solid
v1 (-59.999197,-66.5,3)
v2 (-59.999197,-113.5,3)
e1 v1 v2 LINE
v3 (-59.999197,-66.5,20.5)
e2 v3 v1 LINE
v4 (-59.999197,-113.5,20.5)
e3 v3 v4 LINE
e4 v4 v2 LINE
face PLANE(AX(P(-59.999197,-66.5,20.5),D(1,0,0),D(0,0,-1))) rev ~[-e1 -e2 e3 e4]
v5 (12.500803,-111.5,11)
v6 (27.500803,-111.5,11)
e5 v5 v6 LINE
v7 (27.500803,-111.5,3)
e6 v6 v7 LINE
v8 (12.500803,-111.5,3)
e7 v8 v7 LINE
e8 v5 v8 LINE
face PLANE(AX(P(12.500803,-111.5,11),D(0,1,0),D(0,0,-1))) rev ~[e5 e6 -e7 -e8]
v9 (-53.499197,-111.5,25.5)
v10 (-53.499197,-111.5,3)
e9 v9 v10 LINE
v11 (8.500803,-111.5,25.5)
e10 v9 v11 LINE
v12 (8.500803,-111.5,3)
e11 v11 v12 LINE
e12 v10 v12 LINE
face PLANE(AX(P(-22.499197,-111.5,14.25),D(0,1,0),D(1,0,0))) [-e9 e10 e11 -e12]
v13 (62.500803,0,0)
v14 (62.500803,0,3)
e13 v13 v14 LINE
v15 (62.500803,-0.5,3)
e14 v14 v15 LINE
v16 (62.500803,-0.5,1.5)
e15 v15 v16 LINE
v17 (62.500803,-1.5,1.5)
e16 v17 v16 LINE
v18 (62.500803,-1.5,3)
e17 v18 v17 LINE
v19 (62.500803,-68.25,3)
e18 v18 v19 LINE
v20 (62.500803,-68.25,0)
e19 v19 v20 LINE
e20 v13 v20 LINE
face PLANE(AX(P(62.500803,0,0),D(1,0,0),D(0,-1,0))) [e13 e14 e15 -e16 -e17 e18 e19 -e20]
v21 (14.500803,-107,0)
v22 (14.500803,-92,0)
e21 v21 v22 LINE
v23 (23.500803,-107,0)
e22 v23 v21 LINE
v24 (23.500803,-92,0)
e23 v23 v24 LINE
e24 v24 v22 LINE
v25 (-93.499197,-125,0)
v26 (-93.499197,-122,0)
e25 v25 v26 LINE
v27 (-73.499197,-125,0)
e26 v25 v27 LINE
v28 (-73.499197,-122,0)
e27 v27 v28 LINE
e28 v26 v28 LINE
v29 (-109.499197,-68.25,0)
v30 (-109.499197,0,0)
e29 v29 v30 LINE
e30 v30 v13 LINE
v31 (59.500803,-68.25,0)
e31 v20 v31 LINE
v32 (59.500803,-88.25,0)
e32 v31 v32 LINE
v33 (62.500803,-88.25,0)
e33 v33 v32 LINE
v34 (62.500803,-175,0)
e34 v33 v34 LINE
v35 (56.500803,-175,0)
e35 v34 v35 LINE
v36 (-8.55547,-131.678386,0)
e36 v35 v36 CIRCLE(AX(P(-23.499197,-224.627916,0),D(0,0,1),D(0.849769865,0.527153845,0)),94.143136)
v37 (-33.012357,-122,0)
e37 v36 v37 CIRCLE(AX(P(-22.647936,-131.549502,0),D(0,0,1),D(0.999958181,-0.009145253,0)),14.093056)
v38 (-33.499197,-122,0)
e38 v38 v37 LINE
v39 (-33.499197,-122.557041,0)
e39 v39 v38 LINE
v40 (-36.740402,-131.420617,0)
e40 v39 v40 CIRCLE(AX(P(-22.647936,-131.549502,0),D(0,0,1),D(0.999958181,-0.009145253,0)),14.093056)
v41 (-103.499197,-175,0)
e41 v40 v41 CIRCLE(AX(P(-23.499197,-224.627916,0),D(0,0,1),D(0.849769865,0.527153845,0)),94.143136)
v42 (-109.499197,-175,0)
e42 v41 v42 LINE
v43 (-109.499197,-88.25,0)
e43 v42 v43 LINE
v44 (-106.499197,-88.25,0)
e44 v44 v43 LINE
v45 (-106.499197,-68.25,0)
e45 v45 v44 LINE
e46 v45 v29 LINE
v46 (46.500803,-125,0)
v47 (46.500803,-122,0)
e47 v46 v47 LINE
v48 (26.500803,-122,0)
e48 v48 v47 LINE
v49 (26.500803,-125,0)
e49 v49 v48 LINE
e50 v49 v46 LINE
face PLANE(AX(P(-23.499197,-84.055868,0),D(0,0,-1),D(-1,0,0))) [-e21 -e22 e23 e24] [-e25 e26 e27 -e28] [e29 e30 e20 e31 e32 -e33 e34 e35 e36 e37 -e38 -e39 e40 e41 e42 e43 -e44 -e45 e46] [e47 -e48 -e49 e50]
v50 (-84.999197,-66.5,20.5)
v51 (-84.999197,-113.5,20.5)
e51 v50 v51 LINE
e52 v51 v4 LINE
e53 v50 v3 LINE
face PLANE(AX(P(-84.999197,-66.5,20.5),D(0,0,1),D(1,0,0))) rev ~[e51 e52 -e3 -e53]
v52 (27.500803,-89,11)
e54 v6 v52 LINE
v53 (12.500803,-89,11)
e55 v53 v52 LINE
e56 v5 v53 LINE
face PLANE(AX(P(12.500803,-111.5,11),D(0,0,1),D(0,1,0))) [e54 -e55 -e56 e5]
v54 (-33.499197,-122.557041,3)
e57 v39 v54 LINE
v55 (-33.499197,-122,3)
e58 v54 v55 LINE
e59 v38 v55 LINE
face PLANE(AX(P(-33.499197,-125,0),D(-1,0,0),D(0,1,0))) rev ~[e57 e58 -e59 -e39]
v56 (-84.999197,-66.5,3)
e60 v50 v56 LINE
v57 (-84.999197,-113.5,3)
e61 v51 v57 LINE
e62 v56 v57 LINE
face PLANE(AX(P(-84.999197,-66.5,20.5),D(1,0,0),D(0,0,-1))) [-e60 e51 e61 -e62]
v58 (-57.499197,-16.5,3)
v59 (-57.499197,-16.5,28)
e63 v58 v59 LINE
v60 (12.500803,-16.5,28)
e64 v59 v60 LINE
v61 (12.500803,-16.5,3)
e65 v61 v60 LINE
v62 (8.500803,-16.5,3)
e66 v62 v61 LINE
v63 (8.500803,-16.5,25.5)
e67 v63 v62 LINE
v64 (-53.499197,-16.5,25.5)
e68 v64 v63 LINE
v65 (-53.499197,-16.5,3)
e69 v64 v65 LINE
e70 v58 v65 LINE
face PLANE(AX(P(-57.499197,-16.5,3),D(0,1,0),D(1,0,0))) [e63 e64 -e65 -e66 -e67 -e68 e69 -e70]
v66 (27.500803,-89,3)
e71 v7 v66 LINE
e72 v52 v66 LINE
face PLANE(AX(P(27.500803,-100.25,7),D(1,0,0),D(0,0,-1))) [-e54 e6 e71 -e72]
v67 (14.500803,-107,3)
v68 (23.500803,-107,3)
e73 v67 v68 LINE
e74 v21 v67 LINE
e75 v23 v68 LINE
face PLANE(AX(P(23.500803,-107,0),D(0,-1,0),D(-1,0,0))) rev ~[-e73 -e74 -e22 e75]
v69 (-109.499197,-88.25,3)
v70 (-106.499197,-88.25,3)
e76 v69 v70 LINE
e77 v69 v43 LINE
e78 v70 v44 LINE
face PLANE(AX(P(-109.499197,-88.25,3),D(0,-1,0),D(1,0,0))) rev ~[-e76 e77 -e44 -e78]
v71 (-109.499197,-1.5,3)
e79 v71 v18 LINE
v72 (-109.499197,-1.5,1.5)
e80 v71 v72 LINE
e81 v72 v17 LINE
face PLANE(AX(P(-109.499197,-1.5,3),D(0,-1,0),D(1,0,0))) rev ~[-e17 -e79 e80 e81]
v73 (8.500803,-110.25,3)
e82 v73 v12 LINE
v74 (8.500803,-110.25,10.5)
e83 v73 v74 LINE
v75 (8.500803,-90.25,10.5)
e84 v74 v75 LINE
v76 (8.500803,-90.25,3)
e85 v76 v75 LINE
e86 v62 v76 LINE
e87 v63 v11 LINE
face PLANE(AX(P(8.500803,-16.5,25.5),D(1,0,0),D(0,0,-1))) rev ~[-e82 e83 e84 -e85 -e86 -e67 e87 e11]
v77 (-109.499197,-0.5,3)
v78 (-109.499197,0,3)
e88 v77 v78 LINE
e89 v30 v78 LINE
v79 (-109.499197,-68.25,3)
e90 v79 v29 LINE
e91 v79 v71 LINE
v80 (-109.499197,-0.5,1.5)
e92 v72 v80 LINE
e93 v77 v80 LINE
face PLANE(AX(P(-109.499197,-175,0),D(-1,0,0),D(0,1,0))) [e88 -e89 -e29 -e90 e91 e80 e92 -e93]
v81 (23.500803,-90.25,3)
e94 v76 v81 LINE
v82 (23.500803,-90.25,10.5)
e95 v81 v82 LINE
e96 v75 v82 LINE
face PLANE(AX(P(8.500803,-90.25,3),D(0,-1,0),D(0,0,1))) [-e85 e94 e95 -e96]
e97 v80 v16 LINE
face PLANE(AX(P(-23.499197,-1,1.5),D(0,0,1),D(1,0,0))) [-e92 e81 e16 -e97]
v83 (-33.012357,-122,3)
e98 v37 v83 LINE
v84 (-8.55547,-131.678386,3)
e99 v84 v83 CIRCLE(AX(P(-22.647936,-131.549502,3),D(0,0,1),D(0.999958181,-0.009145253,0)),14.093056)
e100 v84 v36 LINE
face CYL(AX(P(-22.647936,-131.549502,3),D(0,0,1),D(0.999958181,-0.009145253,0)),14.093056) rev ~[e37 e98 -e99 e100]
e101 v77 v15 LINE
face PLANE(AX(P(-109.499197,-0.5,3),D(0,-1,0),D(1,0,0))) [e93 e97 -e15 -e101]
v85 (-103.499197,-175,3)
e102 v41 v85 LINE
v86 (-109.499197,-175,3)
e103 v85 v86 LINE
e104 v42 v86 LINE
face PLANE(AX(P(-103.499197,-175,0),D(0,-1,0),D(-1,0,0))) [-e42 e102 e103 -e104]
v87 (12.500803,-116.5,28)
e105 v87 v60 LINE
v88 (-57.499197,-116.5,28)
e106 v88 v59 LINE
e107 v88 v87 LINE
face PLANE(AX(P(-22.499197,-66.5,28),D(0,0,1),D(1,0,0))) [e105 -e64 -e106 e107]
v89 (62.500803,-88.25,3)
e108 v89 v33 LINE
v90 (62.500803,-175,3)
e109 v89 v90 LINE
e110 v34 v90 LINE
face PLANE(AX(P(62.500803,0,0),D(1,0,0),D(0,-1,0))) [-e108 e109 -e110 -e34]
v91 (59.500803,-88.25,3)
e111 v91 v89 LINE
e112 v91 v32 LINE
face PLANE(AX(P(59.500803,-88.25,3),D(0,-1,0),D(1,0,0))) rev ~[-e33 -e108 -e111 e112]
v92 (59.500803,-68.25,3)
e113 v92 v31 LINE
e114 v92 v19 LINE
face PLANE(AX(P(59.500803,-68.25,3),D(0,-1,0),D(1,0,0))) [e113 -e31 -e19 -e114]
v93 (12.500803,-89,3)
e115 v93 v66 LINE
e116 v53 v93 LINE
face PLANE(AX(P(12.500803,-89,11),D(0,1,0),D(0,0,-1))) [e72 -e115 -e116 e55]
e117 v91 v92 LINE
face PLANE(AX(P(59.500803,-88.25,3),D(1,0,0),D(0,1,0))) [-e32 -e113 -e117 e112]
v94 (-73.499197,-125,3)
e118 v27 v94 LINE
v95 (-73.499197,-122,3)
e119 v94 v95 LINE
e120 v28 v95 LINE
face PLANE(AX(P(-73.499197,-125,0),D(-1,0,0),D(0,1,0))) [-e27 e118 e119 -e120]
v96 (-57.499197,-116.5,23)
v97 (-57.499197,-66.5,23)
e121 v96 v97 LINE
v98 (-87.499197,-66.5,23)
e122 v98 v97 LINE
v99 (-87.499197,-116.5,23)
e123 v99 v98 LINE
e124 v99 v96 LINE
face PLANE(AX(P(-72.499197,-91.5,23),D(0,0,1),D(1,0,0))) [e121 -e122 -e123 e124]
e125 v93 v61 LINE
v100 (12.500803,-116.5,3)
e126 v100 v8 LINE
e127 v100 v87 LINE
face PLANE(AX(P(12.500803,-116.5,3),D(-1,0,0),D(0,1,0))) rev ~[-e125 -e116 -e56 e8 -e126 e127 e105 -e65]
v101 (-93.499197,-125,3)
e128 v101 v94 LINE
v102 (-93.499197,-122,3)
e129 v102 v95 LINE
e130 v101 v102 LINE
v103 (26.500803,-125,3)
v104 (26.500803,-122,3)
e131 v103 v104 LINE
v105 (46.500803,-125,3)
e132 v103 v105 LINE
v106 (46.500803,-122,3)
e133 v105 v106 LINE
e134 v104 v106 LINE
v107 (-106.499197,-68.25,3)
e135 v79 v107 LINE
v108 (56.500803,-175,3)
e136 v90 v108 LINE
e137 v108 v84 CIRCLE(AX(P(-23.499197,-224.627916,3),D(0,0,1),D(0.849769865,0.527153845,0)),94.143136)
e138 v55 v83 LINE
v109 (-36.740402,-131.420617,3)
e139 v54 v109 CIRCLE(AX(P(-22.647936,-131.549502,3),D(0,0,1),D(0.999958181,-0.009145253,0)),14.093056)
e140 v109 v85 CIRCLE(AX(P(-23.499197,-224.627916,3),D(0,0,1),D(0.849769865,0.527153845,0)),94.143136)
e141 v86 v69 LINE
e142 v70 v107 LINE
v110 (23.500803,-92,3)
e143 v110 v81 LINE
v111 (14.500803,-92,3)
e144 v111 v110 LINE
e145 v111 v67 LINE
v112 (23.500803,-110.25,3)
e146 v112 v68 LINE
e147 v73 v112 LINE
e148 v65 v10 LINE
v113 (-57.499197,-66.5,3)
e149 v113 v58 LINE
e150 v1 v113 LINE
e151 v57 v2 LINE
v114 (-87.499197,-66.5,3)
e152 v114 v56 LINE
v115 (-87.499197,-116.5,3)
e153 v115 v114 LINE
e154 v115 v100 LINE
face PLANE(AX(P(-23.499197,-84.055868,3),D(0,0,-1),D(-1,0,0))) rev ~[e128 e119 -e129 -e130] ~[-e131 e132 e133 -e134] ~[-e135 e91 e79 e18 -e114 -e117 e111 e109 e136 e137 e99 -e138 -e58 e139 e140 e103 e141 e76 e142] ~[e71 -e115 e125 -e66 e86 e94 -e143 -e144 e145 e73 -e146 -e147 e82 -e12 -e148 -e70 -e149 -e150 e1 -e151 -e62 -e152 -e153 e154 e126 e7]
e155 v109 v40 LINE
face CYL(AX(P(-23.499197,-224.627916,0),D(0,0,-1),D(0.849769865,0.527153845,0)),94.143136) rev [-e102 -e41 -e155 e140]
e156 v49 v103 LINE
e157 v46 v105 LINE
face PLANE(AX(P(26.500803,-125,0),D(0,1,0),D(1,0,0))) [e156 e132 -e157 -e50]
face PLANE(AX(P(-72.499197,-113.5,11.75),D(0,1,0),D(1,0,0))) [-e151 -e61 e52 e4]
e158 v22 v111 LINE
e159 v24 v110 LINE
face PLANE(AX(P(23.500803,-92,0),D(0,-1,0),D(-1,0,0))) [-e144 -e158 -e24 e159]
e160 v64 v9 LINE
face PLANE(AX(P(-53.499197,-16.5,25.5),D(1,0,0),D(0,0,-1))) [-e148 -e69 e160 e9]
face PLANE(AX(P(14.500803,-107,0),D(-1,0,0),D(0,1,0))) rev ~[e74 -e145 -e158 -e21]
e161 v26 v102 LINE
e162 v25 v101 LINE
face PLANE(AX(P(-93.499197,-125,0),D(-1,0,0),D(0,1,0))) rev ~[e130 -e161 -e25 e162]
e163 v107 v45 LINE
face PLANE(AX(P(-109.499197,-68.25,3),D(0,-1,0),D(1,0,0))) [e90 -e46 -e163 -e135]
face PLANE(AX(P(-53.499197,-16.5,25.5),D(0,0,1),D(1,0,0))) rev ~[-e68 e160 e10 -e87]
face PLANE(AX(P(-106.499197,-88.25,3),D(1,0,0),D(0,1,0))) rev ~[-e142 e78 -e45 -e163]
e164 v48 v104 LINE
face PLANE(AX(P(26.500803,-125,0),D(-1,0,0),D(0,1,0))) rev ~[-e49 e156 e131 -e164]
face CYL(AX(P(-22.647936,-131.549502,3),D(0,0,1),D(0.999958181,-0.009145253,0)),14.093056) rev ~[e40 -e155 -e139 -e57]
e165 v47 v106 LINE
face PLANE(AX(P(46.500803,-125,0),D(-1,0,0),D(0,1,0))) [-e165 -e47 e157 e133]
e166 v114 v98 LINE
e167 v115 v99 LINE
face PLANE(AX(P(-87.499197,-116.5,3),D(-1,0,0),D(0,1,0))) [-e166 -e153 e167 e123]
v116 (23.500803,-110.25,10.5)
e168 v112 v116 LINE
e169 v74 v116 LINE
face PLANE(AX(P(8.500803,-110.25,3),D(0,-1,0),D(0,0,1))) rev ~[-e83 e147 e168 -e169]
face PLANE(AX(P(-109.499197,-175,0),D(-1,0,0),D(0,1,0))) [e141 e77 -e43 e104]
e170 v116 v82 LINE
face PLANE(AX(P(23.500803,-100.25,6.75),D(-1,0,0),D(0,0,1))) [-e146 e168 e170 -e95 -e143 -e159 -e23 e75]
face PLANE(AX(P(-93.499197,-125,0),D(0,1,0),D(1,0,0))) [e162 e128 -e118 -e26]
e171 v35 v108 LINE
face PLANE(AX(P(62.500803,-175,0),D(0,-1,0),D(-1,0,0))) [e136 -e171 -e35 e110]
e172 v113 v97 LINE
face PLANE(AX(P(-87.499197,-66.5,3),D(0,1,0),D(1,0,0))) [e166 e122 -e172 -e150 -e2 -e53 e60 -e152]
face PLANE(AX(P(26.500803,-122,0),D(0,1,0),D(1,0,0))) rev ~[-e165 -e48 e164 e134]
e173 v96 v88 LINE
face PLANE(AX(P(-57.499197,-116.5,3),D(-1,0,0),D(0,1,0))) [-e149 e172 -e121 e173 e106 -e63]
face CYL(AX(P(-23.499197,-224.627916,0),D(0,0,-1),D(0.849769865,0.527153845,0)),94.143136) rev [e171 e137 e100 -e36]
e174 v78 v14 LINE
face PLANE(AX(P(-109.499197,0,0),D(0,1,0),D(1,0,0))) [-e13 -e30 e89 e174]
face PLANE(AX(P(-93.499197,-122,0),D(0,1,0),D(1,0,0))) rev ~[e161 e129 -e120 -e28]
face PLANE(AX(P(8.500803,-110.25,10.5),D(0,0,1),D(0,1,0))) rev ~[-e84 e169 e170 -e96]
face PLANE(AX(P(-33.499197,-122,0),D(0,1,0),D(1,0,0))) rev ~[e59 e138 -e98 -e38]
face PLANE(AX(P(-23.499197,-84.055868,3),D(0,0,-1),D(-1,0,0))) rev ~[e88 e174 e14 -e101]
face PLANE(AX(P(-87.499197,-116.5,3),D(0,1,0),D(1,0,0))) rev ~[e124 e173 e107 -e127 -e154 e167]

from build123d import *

# Parameters (mm, degrees)
ESQUISSE1_W             = 20
ESQUISSE1_H             = 3
BOSS_EXTRU_1_DEPTH      = 3
ESQUISSE2_W             = 172
ESQUISSE2_H             = 1
ENL_V_MAT_EXTRU_1_DEPTH = 1.5
ESQUISSE4_W             = 3
ESQUISSE4_H             = 20
ENL_V_MAT_EXTRU_2_DEPTH = 207.455986147
ESQUISSE5_W             = 70
ESQUISSE5_H             = 100
BOSS_EXTRU_2_DEPTH      = 25
ESQUISSE6_W             = 62
ESQUISSE6_H             = 22.5
ENL_V_MAT_EXTRU_3_DEPTH = 95
ESQUISSE10_W            = 30
ESQUISSE10_H            = 50
BOSS_EXTRU_3_DEPTH      = 20
ESQUISSE11_W            = 25
ESQUISSE11_H            = 17.5
ENL_V_MAT_EXTRU_5_DEPTH = 47
ESQUISSE12_W            = 8
ESQUISSE12_H            = 22.5
BOSS_EXTRU_5_DEPTH      = 15
ESQUISSE15_W            = 7.5
ESQUISSE15_H            = 20
ENL_V_MAT_EXTRU_7_DEPTH = 15
ENL_V_MAT_EXTRU_8_REACH = 210.324
ESQUISSE17_W            = 9
ESQUISSE17_H            = 15
ENL_V_MAT_EXTRU_9_DEPTH = 10


with BuildPart() as part:
    # Esquisse1 → Boss.-Extru.1 (new body)
    with BuildSketch(Plane.XY):
        with BuildLine():
            Line((-109.499197329, 0), (62.500802671, 0))
            Line((62.500802671, 0), (62.500802671, -175))
            Line((62.500802671, -175), (56.500802671, -175))
            ThreePointArc((56.500802671, -175), (-23.499197329, -130.484780132), (-103.499197329, -175))
            Line((-103.499197329, -175), (-109.499197329, -175))
            Line((-109.499197329, -175), (-109.499197329, 0))
        make_face()
        with Locations((-83.499197329, -123.5)):
            Rectangle(ESQUISSE1_W, ESQUISSE1_H, mode=Mode.SUBTRACT)
        with Locations((-23.499197329, -123.5)):
            Rectangle(ESQUISSE1_W, ESQUISSE1_H, mode=Mode.SUBTRACT)
        with Locations((36.500802671, -123.5)):
            Rectangle(ESQUISSE1_W, ESQUISSE1_H, mode=Mode.SUBTRACT)
    extrude(amount=BOSS_EXTRU_1_DEPTH)

    # Esquisse2 → Enlèv. mat.-Extru.1 (cut)
    with BuildSketch(Plane.XY.offset(3)):
        with Locations((-23.499197329, -1)):
            Rectangle(ESQUISSE2_W, ESQUISSE2_H)
    extrude(amount=-ENL_V_MAT_EXTRU_1_DEPTH, mode=Mode.SUBTRACT)

    # Esquisse4 → Enlèv. mat.-Extru.2 (cut, through all)
    with BuildSketch(Plane.XY.offset(3)):
        with Locations((-107.999197329, -78.25)):
            Rectangle(ESQUISSE4_W, ESQUISSE4_H)
        with Locations((61.000802671, -78.25)):
            Rectangle(ESQUISSE4_W, ESQUISSE4_H)
    extrude(amount=-ENL_V_MAT_EXTRU_2_DEPTH, mode=Mode.SUBTRACT)

    # Esquisse5 → Boss.-Extru.2 (add)
    with BuildSketch(Plane.XY.offset(3)):
        with Locations((-22.499197329, -66.5)):
            Rectangle(ESQUISSE5_W, ESQUISSE5_H)
    extrude(amount=BOSS_EXTRU_2_DEPTH)

    # Esquisse6 → Enlèv. mat.-Extru.3 (cut)
    with BuildSketch(Plane(origin=(0, -16.5, 0), x_dir=(1, 0, 0), z_dir=(0, 1, 0))):
        with Locations((-22.499197329, -14.25)):
            Rectangle(ESQUISSE6_W, ESQUISSE6_H)
    extrude(amount=-ENL_V_MAT_EXTRU_3_DEPTH, mode=Mode.SUBTRACT)

    # Esquisse10 → Boss.-Extru.3 (add)
    with BuildSketch(Plane.XY.offset(3)):
        with Locations((-72.499197329, -91.5)):
            Rectangle(ESQUISSE10_W, ESQUISSE10_H)
    extrude(amount=BOSS_EXTRU_3_DEPTH)

    # Esquisse11 → Enlèv. mat.-Extru.5 (cut)
    with BuildSketch(Plane(origin=(0, -66.5, 0), x_dir=(1, 0, 0), z_dir=(0, 1, 0))):
        with Locations((-72.499197329, -11.75)):
            Rectangle(ESQUISSE11_W, ESQUISSE11_H)
    extrude(amount=-ENL_V_MAT_EXTRU_5_DEPTH, mode=Mode.SUBTRACT)

    # Esquisse12 → Boss.-Extru.5 (add)
    with BuildSketch(Plane(origin=(12.500802671, 0, 0), x_dir=(0, 0, -1), z_dir=(1, 0, 0))):
        with Locations((-7, -100.25)):
            Rectangle(ESQUISSE12_W, ESQUISSE12_H)
    extrude(amount=BOSS_EXTRU_5_DEPTH)

    # Esquisse15 → Enlèv. mat.-Extru.7 (cut)
    with BuildSketch(Plane.ZY.offset(-8.500802671)):
        with Locations((6.75, -100.25)):
            Rectangle(ESQUISSE15_W, ESQUISSE15_H)
    extrude(amount=-ENL_V_MAT_EXTRU_7_DEPTH, mode=Mode.SUBTRACT)

    # Esquisse17 → Enlèv. mat.-Extru.8 (cut, up to next)
    with BuildSketch(Plane(origin=(0, 0, 0), x_dir=(-1, 0, 0), z_dir=(0, 0, -1)), mode=Mode.PRIVATE) as enl_v_mat_extru_8_sk1:
        with Locations((-19.000802671, -99.5)):
            Rectangle(ESQUISSE17_W, ESQUISSE17_H)
    enl_v_mat_extru_8_tool1 = extrude(enl_v_mat_extru_8_sk1.sketch, amount=-ENL_V_MAT_EXTRU_8_REACH, mode=Mode.PRIVATE) & part.part
    add(enl_v_mat_extru_8_tool1.solids().sort_by_distance((19.000803, -99.5, 0))[0], mode=Mode.SUBTRACT)

    # Esquisse18 → Enlèv. mat.-Extru.9 (cut)
    with BuildSketch(Plane.XY.offset(3)):
        with BuildLine():
            ThreePointArc((-8.555469882, -131.678386461), (-22.519051553, -117.45703568), (-36.740402335, -131.420617351))
            Line((-36.740402335, -131.420617351), (-8.555469882, -131.678386461))
        make_face()
    extrude(amount=-ENL_V_MAT_EXTRU_9_DEPTH, mode=Mode.SUBTRACT)


solid = part.part
